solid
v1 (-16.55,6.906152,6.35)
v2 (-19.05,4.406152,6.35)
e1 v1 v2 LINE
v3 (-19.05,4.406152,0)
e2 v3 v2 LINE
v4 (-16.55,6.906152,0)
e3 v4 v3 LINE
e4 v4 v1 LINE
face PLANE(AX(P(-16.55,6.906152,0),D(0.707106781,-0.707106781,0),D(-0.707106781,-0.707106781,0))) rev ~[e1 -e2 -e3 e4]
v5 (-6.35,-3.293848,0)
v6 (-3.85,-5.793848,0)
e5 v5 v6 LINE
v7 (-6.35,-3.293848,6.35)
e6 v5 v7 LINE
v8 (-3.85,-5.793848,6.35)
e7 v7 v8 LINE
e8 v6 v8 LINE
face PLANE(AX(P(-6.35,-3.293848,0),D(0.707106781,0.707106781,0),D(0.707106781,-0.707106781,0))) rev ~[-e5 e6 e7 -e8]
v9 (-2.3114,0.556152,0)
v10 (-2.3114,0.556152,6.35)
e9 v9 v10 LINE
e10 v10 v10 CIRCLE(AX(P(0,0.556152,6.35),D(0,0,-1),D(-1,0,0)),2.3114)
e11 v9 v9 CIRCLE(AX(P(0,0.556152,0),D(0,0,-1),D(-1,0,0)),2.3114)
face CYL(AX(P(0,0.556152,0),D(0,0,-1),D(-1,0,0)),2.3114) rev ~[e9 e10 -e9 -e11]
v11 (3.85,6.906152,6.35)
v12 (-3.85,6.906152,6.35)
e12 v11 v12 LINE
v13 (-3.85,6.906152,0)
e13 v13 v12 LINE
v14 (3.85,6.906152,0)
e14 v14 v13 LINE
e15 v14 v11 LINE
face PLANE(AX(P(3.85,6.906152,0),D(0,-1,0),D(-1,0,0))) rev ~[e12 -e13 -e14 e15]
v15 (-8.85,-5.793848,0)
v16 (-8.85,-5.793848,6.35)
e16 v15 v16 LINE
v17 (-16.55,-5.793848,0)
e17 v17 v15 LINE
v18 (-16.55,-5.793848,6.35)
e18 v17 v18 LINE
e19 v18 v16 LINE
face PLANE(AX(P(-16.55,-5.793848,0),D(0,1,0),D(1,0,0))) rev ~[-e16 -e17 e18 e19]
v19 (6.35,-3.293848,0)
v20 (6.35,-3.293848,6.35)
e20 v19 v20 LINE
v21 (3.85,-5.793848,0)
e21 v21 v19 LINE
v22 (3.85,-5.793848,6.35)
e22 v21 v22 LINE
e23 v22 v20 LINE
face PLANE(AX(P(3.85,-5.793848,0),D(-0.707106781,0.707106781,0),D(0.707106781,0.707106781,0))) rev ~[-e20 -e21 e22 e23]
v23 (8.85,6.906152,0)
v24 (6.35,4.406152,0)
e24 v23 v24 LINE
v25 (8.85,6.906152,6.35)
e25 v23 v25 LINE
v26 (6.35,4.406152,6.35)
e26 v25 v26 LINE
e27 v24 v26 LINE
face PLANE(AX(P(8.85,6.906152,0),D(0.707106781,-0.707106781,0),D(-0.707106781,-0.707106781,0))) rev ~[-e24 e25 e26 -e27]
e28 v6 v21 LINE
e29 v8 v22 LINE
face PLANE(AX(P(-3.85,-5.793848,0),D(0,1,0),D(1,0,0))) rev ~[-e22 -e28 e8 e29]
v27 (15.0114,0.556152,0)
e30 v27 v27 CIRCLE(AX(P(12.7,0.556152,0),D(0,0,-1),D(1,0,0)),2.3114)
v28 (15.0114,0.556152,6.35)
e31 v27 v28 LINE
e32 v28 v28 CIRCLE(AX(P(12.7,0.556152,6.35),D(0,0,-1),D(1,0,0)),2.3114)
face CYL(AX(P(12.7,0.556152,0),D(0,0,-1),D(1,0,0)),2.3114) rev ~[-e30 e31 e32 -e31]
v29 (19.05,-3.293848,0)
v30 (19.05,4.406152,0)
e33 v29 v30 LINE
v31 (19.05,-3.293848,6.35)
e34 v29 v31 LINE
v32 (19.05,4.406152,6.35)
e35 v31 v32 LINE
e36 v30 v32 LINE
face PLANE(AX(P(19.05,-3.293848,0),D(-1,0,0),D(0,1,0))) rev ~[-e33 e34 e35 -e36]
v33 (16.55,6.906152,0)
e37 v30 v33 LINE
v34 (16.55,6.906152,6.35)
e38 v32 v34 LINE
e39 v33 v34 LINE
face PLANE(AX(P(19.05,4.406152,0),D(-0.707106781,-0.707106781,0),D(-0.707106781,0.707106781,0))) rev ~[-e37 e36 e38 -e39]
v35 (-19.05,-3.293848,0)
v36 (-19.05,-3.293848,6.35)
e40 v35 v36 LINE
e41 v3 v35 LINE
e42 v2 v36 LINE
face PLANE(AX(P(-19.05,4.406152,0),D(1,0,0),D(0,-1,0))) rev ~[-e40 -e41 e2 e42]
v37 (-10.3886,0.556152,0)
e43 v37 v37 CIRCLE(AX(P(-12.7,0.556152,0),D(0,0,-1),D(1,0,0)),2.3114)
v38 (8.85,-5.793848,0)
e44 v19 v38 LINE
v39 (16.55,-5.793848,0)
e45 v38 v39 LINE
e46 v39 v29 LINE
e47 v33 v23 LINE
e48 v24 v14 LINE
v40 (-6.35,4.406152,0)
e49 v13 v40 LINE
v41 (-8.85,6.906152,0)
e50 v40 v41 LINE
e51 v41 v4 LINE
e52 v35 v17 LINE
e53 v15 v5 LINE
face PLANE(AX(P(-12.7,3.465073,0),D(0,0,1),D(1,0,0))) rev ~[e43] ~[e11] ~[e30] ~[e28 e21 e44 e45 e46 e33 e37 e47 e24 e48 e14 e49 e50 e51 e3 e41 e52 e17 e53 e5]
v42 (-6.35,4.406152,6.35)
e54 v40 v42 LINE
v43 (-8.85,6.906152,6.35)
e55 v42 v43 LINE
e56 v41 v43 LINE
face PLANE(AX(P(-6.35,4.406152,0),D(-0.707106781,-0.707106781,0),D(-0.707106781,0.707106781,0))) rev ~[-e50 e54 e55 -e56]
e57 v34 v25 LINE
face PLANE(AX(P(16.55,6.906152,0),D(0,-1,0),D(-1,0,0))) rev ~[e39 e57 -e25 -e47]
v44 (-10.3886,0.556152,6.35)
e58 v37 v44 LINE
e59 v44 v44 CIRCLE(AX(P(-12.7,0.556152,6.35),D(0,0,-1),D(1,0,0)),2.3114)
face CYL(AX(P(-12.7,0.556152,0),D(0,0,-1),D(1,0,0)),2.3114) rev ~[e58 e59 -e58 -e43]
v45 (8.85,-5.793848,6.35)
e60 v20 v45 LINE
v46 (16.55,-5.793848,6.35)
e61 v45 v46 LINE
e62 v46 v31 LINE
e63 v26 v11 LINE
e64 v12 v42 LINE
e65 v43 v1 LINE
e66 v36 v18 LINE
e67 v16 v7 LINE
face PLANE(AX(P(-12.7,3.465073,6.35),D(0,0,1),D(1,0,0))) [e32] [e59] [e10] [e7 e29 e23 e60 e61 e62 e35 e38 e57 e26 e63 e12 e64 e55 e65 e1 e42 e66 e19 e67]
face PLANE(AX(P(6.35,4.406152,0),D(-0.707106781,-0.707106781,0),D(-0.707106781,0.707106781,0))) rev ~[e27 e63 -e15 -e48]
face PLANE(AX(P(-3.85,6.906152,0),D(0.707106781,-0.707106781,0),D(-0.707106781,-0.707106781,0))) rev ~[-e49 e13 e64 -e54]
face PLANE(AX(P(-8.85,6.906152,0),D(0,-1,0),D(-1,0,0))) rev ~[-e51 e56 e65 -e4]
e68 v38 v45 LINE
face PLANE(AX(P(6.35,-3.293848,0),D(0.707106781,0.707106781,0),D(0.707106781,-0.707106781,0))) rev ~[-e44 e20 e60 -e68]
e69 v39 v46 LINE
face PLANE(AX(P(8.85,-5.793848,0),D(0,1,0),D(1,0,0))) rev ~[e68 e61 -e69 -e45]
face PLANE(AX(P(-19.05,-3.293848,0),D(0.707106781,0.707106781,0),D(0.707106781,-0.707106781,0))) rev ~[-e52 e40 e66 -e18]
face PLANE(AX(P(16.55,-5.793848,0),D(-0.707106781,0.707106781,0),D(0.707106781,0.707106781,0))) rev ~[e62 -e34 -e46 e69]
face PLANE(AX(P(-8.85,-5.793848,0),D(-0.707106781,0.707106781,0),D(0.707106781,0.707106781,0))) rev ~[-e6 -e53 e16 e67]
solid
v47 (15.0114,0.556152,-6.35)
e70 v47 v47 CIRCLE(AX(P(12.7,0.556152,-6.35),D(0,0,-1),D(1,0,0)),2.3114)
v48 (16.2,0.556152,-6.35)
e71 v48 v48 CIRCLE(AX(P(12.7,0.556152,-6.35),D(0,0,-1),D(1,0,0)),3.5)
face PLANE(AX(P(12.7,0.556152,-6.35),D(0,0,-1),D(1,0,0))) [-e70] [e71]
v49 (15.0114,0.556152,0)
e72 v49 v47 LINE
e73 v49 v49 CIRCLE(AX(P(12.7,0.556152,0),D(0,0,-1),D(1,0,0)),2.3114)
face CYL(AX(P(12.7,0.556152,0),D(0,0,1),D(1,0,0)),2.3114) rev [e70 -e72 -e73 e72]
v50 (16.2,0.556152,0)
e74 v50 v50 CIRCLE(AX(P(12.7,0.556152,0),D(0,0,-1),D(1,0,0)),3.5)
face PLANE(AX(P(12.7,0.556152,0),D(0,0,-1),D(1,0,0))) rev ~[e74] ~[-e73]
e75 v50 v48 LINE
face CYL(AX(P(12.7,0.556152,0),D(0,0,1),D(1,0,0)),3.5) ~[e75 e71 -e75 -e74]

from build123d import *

# Parameters (mm, degrees)
F1_DEPTH = 6.35
F2_R     = 3.5
F2_R_2   = 2.3114
F3_DEPTH = 6.35


with BuildPart() as f1:
    # F0 (on Top) → F1 (new body)
    with BuildSketch(Plane.XY):
        with BuildLine():
            Line((-10.3886, 0.556152), (-6.35, 0.556152))
            Line((-6.35, 0.556152), (-6.35, 4.406152))
            Line((-6.35, 4.406152), (-8.85, 6.906152))
            Line((-8.85, 6.906152), (-16.55, 6.906152))
            Line((-16.55, 6.906152), (-19.05, 4.406152))
            Line((-19.05, 4.406152), (-19.05, 0.556152))
            Line((-19.05, 0.556152), (-15.0114, 0.556152))
            ThreePointArc((-15.0114, 0.556152), (-12.7, 2.867552), (-10.3886, 0.556152))
        make_face()
        with BuildLine():
            Line((-8.85, -5.793848), (-6.35, -3.293848))
            Line((-6.35, -3.293848), (-6.35, 0.556152))
            Line((-6.35, 0.556152), (-10.3886, 0.556152))
            ThreePointArc((-10.3886, 0.556152), (-12.7, -1.755248), (-15.0114, 0.556152))
            Line((-15.0114, 0.556152), (-19.05, 0.556152))
            Line((-19.05, 0.556152), (-19.05, -3.293848))
            Line((-19.05, -3.293848), (-16.55, -5.793848))
            Line((-16.55, -5.793848), (-8.85, -5.793848))
        make_face()
        with BuildLine():
            Line((3.85, -5.793848), (6.35, -3.293848))
            Line((6.35, -3.293848), (6.35, 0.556152))
            Line((6.35, 0.556152), (2.3114, 0.556152))
            ThreePointArc((2.3114, 0.556152), (0, -1.755248), (-2.3114, 0.556152))
            Line((-2.3114, 0.556152), (-6.35, 0.556152))
            Line((-6.35, 0.556152), (-6.35, -3.293848))
            Line((-6.35, -3.293848), (-3.85, -5.793848))
            Line((-3.85, -5.793848), (3.85, -5.793848))
        make_face()
        with BuildLine():
            Line((2.3114, 0.556152), (6.35, 0.556152))
            Line((6.35, 0.556152), (6.35, 4.406152))
            Line((6.35, 4.406152), (3.85, 6.906152))
            Line((3.85, 6.906152), (-3.85, 6.906152))
            Line((-3.85, 6.906152), (-6.35, 4.406152))
            Line((-6.35, 4.406152), (-6.35, 0.556152))
            Line((-6.35, 0.556152), (-2.3114, 0.556152))
            ThreePointArc((-2.3114, 0.556152), (0, 2.867552), (2.3114, 0.556152))
        make_face()
        with BuildLine():
            Line((15.0114, 0.556152), (19.05, 0.556152))
            Line((19.05, 0.556152), (19.05, 4.406152))
            Line((19.05, 4.406152), (16.55, 6.906152))
            Line((16.55, 6.906152), (8.85, 6.906152))
            Line((8.85, 6.906152), (6.35, 4.406152))
            Line((6.35, 4.406152), (6.35, 0.556152))
            Line((6.35, 0.556152), (10.3886, 0.556152))
            ThreePointArc((10.3886, 0.556152), (12.7, 2.867552), (15.0114, 0.556152))
        make_face()
        with BuildLine():
            Line((8.85, -5.793848), (16.55, -5.793848))
            Line((16.55, -5.793848), (19.05, -3.293848))
            Line((19.05, -3.293848), (19.05, 0.556152))
            Line((19.05, 0.556152), (15.0114, 0.556152))
            ThreePointArc((15.0114, 0.556152), (12.7, -1.755248), (10.3886, 0.556152))
            Line((10.3886, 0.556152), (6.35, 0.556152))
            Line((6.35, 0.556152), (6.35, -3.293848))
            Line((6.35, -3.293848), (8.85, -5.793848))
        make_face()
    extrude(amount=F1_DEPTH)


with BuildPart() as f3:
    # F2 (on face) → F3 (new body)
    with BuildSketch(Plane(origin=(0, 0, 0), x_dir=(1, 0, 0), z_dir=(0, 0, -1))):
        with Locations((12.7, -0.556152)):
            Circle(F2_R)
        with Locations((12.7, -0.556152)):
            Circle(F2_R_2, mode=Mode.SUBTRACT)
    extrude(amount=F3_DEPTH)


solid = Compound([f1.part, f3.part])
